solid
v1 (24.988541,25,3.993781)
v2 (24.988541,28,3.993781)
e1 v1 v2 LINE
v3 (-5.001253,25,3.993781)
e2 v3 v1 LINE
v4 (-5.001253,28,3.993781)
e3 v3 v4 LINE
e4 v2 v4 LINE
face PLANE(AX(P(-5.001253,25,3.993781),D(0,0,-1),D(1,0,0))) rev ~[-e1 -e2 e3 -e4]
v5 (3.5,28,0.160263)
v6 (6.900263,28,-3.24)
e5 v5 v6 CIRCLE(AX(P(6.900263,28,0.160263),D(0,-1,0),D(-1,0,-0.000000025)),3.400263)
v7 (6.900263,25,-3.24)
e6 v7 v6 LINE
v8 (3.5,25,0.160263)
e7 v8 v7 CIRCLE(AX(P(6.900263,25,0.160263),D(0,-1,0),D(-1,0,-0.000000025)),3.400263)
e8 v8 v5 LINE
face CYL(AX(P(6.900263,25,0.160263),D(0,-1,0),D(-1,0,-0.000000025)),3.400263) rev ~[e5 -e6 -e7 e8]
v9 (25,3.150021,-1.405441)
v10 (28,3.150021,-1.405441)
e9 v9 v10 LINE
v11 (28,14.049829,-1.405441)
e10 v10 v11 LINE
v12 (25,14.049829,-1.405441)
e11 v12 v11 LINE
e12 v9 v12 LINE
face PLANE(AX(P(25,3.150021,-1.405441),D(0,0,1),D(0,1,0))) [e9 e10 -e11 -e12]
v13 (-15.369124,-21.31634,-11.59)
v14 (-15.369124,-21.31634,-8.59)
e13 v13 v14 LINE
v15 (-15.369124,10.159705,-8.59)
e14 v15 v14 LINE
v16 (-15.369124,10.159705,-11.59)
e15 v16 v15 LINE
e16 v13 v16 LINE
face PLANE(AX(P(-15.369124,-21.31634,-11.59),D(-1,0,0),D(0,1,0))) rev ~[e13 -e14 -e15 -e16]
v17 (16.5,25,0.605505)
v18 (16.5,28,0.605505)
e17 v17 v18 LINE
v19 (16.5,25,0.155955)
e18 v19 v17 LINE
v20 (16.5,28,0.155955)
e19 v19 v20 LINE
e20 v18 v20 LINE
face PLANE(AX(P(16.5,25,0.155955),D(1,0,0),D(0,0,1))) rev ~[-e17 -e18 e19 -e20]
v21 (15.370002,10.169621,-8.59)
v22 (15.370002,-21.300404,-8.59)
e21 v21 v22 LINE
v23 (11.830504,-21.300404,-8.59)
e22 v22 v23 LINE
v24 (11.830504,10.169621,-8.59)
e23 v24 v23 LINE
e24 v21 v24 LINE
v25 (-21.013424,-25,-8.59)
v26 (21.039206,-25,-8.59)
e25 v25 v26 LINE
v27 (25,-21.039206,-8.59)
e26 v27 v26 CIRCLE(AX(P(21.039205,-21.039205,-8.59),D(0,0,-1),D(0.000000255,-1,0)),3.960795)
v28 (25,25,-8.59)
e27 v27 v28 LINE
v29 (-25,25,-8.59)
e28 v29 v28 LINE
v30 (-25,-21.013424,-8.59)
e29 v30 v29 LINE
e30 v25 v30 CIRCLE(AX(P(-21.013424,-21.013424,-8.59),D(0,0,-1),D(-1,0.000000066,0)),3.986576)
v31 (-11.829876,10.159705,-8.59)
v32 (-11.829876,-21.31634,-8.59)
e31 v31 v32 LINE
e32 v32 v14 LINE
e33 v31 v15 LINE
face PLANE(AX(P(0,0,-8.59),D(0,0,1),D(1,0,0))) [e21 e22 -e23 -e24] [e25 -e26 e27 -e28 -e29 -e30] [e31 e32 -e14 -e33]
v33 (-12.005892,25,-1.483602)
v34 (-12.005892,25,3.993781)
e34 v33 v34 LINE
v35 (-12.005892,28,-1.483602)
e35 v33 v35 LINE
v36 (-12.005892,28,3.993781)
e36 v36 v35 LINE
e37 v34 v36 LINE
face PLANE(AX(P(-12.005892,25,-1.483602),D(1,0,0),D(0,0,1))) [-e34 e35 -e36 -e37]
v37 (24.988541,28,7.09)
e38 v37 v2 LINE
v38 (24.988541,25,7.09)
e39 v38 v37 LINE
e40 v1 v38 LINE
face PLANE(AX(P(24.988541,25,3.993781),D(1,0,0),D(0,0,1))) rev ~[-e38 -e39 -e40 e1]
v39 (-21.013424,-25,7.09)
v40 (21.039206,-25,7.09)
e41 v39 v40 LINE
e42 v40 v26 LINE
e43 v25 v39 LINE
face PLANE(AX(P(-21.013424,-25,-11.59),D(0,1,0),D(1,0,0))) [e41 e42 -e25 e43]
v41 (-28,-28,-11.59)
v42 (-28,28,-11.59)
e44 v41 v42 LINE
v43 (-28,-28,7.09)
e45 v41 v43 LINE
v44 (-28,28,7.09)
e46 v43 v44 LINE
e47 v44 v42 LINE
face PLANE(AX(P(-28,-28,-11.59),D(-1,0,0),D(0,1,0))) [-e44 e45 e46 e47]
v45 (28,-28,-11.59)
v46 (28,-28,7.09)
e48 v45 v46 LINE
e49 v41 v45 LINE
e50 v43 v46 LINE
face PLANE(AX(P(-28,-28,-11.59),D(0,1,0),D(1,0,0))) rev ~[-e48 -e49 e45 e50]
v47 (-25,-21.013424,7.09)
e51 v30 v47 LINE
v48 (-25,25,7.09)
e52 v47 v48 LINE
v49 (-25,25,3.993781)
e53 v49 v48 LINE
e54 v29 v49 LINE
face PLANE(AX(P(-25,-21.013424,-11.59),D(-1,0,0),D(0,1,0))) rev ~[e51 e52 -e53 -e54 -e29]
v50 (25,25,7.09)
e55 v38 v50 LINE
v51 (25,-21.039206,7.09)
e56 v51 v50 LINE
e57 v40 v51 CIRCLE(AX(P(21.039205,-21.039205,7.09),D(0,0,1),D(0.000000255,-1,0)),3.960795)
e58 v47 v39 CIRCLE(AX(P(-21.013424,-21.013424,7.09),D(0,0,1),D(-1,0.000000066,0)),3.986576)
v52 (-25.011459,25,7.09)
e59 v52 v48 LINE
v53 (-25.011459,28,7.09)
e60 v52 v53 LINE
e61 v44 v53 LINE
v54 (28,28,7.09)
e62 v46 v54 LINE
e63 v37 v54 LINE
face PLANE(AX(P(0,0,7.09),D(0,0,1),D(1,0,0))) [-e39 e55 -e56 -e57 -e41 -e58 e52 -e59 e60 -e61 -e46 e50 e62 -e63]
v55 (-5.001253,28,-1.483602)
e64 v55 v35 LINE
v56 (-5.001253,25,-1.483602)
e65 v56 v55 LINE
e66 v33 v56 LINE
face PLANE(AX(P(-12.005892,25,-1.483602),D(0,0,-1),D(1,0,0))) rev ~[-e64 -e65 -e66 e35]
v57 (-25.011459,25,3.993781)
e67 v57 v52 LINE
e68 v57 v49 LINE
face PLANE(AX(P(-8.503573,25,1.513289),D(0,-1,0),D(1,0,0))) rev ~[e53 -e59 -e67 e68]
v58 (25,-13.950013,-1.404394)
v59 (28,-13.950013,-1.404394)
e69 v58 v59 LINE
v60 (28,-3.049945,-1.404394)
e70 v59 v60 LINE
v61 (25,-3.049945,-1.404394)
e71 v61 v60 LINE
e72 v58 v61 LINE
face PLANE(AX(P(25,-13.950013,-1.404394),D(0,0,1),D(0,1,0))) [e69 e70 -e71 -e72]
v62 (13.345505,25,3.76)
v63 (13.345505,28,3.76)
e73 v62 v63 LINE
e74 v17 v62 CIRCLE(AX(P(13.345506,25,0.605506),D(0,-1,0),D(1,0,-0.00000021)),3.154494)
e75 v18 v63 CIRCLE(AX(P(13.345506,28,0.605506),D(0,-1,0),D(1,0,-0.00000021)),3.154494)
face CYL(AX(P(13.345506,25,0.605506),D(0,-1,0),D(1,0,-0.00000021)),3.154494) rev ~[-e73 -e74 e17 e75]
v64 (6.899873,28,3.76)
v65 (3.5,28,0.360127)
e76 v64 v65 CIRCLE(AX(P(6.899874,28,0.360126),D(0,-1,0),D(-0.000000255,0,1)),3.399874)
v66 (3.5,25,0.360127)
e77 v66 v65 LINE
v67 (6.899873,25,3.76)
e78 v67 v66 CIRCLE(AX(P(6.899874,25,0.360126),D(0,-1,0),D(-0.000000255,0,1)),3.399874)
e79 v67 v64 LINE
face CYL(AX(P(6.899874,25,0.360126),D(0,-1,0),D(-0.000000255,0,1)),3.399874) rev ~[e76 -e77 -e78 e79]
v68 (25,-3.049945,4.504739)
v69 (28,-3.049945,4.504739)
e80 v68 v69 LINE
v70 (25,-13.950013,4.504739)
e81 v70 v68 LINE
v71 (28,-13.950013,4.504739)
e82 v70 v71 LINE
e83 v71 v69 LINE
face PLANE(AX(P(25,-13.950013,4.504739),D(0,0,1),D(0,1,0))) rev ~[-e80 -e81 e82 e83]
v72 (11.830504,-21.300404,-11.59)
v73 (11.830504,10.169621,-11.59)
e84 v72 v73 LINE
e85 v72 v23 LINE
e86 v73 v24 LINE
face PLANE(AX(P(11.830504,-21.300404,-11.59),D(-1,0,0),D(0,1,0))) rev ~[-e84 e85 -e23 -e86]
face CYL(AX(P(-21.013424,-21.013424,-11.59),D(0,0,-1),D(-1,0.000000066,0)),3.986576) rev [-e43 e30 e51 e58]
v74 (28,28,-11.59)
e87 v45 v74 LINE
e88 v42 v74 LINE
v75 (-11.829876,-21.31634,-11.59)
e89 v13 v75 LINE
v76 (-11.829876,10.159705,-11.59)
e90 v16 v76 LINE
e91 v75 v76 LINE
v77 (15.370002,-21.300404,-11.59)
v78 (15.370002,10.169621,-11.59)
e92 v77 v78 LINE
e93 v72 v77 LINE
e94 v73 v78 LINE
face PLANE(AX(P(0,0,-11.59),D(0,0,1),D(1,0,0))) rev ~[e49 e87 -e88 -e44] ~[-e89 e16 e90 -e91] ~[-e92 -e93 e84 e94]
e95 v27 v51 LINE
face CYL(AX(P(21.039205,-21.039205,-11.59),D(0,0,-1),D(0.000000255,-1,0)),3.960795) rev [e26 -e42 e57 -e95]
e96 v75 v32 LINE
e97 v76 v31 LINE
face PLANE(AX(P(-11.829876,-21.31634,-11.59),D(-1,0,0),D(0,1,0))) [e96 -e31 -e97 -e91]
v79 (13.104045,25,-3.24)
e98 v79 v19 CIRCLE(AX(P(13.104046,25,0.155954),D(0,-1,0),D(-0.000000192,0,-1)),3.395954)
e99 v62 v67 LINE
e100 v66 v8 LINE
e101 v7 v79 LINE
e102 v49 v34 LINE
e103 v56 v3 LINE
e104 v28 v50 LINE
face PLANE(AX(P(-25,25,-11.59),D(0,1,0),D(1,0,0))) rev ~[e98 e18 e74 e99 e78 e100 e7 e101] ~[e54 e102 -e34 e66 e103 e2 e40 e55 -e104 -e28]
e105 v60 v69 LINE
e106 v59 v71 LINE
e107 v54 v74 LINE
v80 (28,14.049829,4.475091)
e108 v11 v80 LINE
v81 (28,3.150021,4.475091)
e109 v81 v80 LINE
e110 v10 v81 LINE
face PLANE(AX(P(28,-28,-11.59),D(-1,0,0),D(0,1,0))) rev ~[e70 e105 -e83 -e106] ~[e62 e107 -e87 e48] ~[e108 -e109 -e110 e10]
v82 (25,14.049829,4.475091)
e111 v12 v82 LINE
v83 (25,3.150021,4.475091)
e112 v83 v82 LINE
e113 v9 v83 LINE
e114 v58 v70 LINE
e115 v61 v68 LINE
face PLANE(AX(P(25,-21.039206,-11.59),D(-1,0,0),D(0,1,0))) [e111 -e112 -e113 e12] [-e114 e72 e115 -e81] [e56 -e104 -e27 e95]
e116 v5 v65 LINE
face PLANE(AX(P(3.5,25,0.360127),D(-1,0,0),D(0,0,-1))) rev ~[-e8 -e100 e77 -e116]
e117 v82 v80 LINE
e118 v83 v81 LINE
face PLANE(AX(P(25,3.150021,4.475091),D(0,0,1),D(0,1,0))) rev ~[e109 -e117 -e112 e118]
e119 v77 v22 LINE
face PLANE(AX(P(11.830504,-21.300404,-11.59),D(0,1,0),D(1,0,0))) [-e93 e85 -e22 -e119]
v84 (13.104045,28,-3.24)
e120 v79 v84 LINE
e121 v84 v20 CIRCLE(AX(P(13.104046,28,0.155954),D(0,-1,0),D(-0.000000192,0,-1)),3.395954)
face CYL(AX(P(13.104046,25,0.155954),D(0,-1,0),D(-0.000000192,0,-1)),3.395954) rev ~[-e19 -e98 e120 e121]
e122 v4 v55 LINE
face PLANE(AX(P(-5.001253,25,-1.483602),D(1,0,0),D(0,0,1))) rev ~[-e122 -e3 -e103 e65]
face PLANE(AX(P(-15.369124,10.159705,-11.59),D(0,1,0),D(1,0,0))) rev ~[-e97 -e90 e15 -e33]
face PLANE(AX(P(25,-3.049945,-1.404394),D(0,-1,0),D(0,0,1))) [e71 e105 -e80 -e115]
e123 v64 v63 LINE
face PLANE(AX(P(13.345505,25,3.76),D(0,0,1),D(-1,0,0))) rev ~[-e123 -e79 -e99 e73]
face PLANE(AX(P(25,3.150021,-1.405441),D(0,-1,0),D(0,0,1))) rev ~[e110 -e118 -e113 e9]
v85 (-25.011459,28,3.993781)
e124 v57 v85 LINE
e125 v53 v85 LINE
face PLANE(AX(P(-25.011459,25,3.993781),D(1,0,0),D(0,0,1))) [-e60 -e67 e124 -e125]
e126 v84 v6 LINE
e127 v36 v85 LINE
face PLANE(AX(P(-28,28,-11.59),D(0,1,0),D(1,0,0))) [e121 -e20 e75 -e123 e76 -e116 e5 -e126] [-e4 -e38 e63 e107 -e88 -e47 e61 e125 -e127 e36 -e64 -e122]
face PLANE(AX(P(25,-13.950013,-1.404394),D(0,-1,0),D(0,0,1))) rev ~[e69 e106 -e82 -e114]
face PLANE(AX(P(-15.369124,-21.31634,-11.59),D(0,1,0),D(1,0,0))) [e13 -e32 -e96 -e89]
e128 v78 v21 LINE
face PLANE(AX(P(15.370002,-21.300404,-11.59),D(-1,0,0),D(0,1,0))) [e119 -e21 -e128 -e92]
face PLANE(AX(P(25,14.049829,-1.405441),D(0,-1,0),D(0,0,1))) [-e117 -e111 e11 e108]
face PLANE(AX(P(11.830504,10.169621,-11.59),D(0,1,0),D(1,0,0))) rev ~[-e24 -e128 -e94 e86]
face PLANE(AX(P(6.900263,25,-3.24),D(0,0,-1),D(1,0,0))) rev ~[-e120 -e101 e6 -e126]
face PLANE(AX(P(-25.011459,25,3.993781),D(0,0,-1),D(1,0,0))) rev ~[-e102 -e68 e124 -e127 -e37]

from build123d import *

# Parameters (mm, degrees)
SKETCH_W        = 56
SKETCH_H        = 56
PAD_DEPTH       = 18.68
PAD001_DEPTH    = 17
SKETCH004_W     = 50
SKETCH004_H     = 50
PAD002_DEPTH    = 3
SKETCH005_W     = 3.539247
SKETCH005_H     = 31.476045
SKETCH005_W_2   = 3.539498
SKETCH005_H_2   = 31.470025
POCKET003_DEPTH = 3
POCKET004_DEPTH = 5
POCKET005_DEPTH = 5
SKETCH003_W     = 10.900068
SKETCH003_H     = 5.909133
SKETCH003_W_2   = 10.899807
SKETCH003_H_2   = 5.880531
POCKET006_DEPTH = 10
POCKET007_DEPTH = 5
SKETCH002_W     = 7.004639
SKETCH002_H     = 5.993783
SKETCH002_W_2   = 50
SKETCH002_H_2   = 4
POCKET008_DEPTH = 5


with BuildPart() as part:
    # Sketch → Pad (new body)
    with BuildSketch(Plane.XY.offset(-11.59)):
        Rectangle(SKETCH_W, SKETCH_H)
        with BuildLine():
            Line((-21.013424, -25), (21.039206, -25))
            ThreePointArc((21.039206, -25), (23.83991, -23.83991), (25, -21.039206))
            Line((25, -21.039206), (25, 21.096275))
            Line((25, 21.096275), (25, 25))
            Line((21.096275, 25), (25, 25))
            Line((21.096275, 25), (-20.979066, 25))
            Line((-20.979066, 25), (-25, 25))
            Line((-25, 20.979066), (-25, 25))
            Line((-25, 20.979066), (-25, -21.013424))
            ThreePointArc((-25, -21.013424), (-23.832359, -23.832359), (-21.013424, -25))
        make_face(mode=Mode.SUBTRACT)
    extrude(amount=PAD_DEPTH)

    # Sketch → Pad001 (join)
    with BuildSketch(Plane.XY.offset(-11.59)):
        Rectangle(SKETCH_W, SKETCH_H)
        with BuildLine():
            Line((-21.013424, -25), (21.039206, -25))
            ThreePointArc((21.039206, -25), (23.83991, -23.83991), (25, -21.039206))
            Line((25, -21.039206), (25, 21.096275))
            Line((25, 21.096275), (25, 25))
            Line((21.096275, 25), (25, 25))
            Line((21.096275, 25), (-20.979066, 25))
            Line((-20.979066, 25), (-25, 25))
            Line((-25, 20.979066), (-25, 25))
            Line((-25, 20.979066), (-25, -21.013424))
            ThreePointArc((-25, -21.013424), (-23.832359, -23.832359), (-21.013424, -25))
        make_face(mode=Mode.SUBTRACT)
    extrude(amount=PAD001_DEPTH)

    # Sketch004 (on Sketch) → Pad002 (join)
    with BuildSketch(Plane.XY.offset(-11.59)):
        Rectangle(SKETCH004_W, SKETCH004_H)
    extrude(amount=PAD002_DEPTH)

    # Sketch005 (on Pad) → Pocket003 (cut)
    with BuildSketch(Plane.XY.offset(-11.59)):
        with Locations((-13.5995, -5.578318)):
            Rectangle(SKETCH005_W, SKETCH005_H)
        with Locations((13.600253, -5.565392)):
            Rectangle(SKETCH005_W_2, SKETCH005_H_2)
    extrude(amount=-POCKET003_DEPTH, mode=Mode.SUBTRACT)

    # Sketch005 (on Pad) → Pocket004 (cut)
    with BuildSketch(Plane.XY.offset(-11.59)):
        with Locations((-13.5995, -5.578318)):
            Rectangle(SKETCH005_W, SKETCH005_H)
        with Locations((13.600253, -5.565392)):
            Rectangle(SKETCH005_W_2, SKETCH005_H_2)
    extrude(amount=-POCKET004_DEPTH, mode=Mode.SUBTRACT)

    # Sketch005 (on Pad) → Pocket005 (cut)
    with BuildSketch(Plane.XY.offset(-11.59)):
        with Locations((-13.5995, -5.578318)):
            Rectangle(SKETCH005_W, SKETCH005_H)
        with Locations((13.600253, -5.565392)):
            Rectangle(SKETCH005_W_2, SKETCH005_H_2)
    extrude(amount=POCKET005_DEPTH, mode=Mode.SUBTRACT)

    # Sketch003 → Pocket006 (cut)
    with BuildSketch(Plane(origin=(25, 0, -3), x_dir=(0, 1, 0), z_dir=(1, 0, 0))):
        with Locations((-8.499979, 4.550172)):
            Rectangle(SKETCH003_W, SKETCH003_H)
        with Locations((8.599925, 4.534825)):
            Rectangle(SKETCH003_W_2, SKETCH003_H_2)
    extrude(amount=POCKET006_DEPTH, mode=Mode.SUBTRACT)

    # Sketch001 → Pocket007 (cut)
    with BuildSketch(Plane(origin=(10, 25, 0.26), x_dir=(1, 0, 0), z_dir=(0, -1, 0))):
        with BuildLine():
            Line((-3.099737, -3.5), (3.104045, -3.5))
            ThreePointArc((3.104045, -3.5), (5.505348, -2.505348), (6.5, -0.104045))
            Line((6.5, -0.104045), (6.5, 0.345505))
            ThreePointArc((6.5, 0.345505), (5.57607, 2.57607), (3.345505, 3.5))
            Line((3.345505, 3.5), (-3.100127, 3.5))
            ThreePointArc((-3.100127, 3.5), (-5.5042, 2.5042), (-6.5, 0.100127))
            Line((-6.5, 0.100127), (-6.5, -0.099737))
            ThreePointArc((-6.5, -0.099737), (-5.504086, -2.504086), (-3.099737, -3.5))
        make_face()
    extrude(amount=-POCKET007_DEPTH, mode=Mode.SUBTRACT)

    # Sketch002 → Pocket008 (cut)
    with BuildSketch(Plane(origin=(0, 25, -3), x_dir=(1, 0, 0), z_dir=(0, -1, 0))):
        with Locations((-8.503573, 4.513289)):
            Rectangle(SKETCH002_W, SKETCH002_H)
        with Locations((-0.011459, 8.993781)):
            Rectangle(SKETCH002_W_2, SKETCH002_H_2)
    extrude(amount=-POCKET008_DEPTH, mode=Mode.SUBTRACT)


solid = part.part
